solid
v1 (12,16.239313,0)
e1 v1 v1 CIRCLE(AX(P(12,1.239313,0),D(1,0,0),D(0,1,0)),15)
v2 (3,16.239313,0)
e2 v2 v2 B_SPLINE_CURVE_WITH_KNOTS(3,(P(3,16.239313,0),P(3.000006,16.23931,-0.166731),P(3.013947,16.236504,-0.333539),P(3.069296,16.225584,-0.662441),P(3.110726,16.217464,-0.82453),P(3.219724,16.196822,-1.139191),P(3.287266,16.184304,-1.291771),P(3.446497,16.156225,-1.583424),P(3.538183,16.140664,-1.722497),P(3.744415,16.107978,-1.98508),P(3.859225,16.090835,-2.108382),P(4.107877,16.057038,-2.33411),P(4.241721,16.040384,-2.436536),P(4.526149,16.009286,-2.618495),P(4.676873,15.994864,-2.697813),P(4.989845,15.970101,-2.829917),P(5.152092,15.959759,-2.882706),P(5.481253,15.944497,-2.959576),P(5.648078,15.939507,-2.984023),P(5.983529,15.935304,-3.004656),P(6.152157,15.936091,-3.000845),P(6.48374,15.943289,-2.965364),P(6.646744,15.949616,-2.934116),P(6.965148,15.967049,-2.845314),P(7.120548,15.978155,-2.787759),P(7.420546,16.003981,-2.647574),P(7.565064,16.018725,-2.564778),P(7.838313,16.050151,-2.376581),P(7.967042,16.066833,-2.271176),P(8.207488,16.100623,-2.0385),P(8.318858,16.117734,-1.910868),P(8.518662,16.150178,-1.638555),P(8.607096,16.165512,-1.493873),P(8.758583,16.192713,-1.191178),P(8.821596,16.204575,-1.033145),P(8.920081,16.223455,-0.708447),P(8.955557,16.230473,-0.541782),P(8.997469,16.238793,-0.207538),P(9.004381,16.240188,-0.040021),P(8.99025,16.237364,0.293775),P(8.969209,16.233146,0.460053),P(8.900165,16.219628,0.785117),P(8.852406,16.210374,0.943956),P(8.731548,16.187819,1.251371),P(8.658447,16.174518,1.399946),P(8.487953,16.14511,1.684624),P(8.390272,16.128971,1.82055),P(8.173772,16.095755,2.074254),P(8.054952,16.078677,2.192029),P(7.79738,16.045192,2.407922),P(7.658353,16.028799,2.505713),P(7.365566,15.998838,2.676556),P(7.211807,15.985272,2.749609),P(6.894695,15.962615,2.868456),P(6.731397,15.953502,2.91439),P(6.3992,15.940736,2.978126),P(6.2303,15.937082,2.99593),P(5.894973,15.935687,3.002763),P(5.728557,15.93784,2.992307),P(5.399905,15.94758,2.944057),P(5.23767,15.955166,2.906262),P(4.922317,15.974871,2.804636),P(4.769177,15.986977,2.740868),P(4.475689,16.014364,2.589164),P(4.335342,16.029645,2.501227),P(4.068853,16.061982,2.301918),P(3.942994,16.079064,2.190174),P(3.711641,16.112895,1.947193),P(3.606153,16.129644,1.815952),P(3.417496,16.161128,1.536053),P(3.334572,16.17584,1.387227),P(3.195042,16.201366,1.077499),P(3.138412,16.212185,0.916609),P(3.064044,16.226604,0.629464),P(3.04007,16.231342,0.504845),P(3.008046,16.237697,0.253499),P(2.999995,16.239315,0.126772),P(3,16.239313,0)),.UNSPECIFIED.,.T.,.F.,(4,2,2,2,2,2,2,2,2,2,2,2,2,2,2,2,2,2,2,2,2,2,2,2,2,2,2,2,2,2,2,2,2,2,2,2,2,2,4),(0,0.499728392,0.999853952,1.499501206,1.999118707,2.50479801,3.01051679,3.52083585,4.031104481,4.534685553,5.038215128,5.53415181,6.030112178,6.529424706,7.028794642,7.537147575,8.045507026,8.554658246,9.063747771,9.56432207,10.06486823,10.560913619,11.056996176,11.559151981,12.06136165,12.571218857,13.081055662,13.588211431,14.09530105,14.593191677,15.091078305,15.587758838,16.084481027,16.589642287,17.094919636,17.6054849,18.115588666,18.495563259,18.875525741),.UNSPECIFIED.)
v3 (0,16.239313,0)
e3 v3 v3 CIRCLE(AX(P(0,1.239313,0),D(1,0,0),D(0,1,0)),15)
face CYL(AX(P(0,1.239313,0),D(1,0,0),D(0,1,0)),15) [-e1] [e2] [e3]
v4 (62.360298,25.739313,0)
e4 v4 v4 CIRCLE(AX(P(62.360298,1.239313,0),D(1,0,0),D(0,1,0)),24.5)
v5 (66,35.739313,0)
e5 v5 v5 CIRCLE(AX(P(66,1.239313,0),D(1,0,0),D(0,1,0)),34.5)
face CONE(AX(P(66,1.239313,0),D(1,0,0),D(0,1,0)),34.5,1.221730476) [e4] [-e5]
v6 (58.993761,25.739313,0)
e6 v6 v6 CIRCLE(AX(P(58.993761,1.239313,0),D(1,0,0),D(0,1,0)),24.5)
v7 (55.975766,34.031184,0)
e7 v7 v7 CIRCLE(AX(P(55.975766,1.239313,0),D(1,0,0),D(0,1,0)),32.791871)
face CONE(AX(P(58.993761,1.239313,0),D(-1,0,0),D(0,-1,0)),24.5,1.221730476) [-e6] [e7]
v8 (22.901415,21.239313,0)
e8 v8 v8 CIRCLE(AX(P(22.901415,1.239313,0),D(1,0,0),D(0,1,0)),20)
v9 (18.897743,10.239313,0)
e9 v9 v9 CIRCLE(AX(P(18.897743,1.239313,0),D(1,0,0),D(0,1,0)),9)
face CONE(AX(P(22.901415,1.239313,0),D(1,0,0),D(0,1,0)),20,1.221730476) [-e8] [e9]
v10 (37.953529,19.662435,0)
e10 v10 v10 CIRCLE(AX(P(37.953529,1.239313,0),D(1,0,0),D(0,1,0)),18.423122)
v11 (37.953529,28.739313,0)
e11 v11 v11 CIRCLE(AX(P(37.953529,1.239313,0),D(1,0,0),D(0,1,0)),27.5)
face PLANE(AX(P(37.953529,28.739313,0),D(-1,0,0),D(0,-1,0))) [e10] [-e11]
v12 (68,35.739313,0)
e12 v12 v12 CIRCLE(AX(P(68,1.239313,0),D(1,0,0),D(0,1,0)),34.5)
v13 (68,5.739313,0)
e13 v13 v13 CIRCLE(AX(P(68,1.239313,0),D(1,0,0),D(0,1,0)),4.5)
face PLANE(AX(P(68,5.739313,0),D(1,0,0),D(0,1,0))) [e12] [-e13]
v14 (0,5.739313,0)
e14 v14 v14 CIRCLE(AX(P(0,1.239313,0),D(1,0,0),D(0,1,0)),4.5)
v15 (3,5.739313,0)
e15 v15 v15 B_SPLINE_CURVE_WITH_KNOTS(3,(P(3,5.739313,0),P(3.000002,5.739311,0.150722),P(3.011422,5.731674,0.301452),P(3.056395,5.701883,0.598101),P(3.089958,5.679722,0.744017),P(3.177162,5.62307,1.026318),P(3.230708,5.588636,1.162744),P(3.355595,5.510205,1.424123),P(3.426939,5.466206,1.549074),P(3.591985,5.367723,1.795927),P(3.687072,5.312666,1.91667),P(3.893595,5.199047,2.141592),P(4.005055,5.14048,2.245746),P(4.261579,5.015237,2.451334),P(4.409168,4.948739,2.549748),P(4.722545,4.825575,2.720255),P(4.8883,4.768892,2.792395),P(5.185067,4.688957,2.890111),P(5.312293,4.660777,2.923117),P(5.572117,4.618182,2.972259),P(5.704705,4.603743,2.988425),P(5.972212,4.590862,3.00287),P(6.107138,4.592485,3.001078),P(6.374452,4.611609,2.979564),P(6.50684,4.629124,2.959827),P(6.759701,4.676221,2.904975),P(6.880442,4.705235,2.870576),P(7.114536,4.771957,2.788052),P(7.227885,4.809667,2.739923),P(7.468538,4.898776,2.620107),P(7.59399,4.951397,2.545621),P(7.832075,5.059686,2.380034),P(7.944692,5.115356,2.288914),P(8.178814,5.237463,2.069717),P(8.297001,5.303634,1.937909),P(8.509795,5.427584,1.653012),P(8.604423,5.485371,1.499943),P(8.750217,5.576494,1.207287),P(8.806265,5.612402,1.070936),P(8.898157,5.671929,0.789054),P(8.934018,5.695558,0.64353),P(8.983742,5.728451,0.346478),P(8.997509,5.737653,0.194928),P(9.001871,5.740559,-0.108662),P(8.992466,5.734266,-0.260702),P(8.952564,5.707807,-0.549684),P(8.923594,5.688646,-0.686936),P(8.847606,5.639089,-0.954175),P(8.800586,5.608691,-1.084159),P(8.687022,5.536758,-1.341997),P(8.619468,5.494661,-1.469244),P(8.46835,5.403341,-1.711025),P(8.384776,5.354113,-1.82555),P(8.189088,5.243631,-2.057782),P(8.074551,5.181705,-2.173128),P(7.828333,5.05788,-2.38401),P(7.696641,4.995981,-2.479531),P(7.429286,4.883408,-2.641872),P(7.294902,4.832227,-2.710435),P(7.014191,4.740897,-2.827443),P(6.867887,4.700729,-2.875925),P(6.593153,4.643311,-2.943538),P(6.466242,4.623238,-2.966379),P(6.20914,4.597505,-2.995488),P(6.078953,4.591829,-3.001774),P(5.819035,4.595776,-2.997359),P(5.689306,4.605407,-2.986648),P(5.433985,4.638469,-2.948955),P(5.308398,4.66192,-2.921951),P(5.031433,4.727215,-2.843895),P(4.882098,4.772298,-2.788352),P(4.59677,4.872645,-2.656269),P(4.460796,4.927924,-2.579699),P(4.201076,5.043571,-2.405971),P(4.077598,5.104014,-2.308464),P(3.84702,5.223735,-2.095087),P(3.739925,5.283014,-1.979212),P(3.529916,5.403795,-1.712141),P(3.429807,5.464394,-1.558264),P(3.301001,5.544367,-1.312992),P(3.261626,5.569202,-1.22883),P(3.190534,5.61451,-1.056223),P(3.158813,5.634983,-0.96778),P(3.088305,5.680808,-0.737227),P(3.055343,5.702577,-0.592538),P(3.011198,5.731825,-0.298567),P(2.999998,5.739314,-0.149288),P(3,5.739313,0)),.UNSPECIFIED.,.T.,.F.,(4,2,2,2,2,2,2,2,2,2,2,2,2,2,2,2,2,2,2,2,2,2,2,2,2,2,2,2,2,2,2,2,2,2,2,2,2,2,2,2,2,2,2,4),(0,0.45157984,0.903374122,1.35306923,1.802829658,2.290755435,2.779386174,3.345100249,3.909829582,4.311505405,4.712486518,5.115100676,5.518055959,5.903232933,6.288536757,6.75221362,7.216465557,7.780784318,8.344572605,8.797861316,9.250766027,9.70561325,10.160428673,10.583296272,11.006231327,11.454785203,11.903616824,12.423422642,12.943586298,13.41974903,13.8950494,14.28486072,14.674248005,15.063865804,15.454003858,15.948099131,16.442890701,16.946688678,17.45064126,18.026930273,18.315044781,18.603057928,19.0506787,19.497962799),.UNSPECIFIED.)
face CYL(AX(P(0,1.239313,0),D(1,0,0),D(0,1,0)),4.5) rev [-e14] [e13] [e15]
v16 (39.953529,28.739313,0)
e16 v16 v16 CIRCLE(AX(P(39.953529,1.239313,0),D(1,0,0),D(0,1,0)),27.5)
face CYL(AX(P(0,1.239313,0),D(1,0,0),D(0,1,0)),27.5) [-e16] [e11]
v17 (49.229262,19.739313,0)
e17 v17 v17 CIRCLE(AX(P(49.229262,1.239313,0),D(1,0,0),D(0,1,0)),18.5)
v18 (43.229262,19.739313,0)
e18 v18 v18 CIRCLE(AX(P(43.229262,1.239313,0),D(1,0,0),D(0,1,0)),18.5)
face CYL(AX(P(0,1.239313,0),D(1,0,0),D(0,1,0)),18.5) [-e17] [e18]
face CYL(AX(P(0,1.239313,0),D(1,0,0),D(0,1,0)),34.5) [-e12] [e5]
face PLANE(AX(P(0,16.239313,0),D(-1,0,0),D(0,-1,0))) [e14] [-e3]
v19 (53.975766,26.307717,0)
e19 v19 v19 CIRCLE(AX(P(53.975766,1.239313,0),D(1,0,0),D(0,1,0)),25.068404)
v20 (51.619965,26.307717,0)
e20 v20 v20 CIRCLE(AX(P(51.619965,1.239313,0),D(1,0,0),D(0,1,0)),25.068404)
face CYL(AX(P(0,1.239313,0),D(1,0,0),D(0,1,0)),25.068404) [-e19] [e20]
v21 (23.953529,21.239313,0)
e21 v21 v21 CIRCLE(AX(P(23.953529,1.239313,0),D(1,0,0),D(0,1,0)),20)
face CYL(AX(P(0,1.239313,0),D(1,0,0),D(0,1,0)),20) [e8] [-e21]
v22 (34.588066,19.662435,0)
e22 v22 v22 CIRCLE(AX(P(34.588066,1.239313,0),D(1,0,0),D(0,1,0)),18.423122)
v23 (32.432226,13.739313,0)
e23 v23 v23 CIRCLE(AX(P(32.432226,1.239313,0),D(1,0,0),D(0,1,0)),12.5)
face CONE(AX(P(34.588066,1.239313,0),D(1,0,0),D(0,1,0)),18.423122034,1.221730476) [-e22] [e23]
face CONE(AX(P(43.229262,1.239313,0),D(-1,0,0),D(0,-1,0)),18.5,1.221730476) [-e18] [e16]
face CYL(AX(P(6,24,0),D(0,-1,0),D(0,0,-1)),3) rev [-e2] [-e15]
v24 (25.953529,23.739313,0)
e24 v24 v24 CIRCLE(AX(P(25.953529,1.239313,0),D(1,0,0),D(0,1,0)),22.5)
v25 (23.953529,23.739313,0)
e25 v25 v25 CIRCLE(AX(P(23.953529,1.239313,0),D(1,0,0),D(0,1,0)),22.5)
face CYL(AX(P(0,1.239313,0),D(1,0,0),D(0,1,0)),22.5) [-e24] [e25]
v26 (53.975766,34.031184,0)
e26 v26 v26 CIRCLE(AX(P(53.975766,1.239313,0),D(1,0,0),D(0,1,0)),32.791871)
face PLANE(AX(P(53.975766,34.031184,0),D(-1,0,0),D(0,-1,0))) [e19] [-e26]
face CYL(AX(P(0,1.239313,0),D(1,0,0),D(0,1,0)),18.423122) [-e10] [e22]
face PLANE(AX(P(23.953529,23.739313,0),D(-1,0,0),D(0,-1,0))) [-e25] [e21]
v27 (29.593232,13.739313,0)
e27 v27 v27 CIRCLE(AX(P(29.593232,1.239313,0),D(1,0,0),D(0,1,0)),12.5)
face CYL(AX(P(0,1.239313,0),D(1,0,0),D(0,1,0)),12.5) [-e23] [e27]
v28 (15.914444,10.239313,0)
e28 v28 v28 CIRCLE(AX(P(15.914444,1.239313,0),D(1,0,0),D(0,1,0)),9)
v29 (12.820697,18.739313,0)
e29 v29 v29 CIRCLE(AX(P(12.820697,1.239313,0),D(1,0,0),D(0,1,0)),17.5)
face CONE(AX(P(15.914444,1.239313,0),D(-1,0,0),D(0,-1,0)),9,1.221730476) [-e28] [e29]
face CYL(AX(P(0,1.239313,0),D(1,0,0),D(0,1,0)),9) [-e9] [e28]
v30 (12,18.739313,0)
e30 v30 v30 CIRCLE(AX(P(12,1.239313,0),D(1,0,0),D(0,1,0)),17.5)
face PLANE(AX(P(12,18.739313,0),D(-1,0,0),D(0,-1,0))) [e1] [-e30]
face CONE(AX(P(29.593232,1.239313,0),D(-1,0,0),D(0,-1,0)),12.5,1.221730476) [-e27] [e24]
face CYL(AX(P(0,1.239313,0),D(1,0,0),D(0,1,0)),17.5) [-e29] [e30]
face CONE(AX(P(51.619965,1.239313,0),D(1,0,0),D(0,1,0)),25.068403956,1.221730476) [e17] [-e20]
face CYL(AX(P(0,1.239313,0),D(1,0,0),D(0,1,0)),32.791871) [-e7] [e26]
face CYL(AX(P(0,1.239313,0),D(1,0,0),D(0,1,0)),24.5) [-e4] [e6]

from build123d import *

# Parameters (mm, degrees)
SKETCH3_R          = 3
CUT_EXTRUDE1_DEPTH = 24


with BuildPart() as part:
    # Sketch2 → Revolve1 (revolve)
    with BuildSketch(Plane.XY):
        Polygon((0, 5.73931272), (68, 5.73931272), (68, 35.73931272), (66, 35.73931272), (62.360297657, 25.73931272), (58.993760511, 25.73931272), (55.975766288, 34.031183701), (53.975766288, 34.031183701), (53.975766288, 26.307716676), (51.619965111, 26.307716676), (49.229261585, 19.73931272), (43.229261585, 19.73931272), (39.953529476, 28.73931272), (37.953529476, 28.73931272), (37.953529476, 19.662434754), (34.588066023, 19.662434754), (32.432225909, 13.73931272), (29.593231819, 13.73931272), (25.953529476, 23.73931272), (23.953529476, 23.73931272), (23.953529476, 21.23931272), (22.901415474, 21.23931272), (18.897742897, 10.23931272), (15.914444309, 10.23931272), (12.820697317, 18.73931272), (12, 18.73931272), (12, 16.23931272), (0, 16.23931272), align=None)
    revolve(axis=Axis((0, 1.23931272, 0), (-1, 0, 0)))

    # Sketch3 → Cut-Extrude1 (cut)
    with BuildSketch(Plane(origin=(0, 0, 0), x_dir=(1, 0, 0), z_dir=(0, 1, 0))):
        with Locations(Location((6, 0, 0), (0, 0, 180))):
            Circle(SKETCH3_R)
    extrude(amount=CUT_EXTRUDE1_DEPTH, mode=Mode.SUBTRACT)


solid = part.part
